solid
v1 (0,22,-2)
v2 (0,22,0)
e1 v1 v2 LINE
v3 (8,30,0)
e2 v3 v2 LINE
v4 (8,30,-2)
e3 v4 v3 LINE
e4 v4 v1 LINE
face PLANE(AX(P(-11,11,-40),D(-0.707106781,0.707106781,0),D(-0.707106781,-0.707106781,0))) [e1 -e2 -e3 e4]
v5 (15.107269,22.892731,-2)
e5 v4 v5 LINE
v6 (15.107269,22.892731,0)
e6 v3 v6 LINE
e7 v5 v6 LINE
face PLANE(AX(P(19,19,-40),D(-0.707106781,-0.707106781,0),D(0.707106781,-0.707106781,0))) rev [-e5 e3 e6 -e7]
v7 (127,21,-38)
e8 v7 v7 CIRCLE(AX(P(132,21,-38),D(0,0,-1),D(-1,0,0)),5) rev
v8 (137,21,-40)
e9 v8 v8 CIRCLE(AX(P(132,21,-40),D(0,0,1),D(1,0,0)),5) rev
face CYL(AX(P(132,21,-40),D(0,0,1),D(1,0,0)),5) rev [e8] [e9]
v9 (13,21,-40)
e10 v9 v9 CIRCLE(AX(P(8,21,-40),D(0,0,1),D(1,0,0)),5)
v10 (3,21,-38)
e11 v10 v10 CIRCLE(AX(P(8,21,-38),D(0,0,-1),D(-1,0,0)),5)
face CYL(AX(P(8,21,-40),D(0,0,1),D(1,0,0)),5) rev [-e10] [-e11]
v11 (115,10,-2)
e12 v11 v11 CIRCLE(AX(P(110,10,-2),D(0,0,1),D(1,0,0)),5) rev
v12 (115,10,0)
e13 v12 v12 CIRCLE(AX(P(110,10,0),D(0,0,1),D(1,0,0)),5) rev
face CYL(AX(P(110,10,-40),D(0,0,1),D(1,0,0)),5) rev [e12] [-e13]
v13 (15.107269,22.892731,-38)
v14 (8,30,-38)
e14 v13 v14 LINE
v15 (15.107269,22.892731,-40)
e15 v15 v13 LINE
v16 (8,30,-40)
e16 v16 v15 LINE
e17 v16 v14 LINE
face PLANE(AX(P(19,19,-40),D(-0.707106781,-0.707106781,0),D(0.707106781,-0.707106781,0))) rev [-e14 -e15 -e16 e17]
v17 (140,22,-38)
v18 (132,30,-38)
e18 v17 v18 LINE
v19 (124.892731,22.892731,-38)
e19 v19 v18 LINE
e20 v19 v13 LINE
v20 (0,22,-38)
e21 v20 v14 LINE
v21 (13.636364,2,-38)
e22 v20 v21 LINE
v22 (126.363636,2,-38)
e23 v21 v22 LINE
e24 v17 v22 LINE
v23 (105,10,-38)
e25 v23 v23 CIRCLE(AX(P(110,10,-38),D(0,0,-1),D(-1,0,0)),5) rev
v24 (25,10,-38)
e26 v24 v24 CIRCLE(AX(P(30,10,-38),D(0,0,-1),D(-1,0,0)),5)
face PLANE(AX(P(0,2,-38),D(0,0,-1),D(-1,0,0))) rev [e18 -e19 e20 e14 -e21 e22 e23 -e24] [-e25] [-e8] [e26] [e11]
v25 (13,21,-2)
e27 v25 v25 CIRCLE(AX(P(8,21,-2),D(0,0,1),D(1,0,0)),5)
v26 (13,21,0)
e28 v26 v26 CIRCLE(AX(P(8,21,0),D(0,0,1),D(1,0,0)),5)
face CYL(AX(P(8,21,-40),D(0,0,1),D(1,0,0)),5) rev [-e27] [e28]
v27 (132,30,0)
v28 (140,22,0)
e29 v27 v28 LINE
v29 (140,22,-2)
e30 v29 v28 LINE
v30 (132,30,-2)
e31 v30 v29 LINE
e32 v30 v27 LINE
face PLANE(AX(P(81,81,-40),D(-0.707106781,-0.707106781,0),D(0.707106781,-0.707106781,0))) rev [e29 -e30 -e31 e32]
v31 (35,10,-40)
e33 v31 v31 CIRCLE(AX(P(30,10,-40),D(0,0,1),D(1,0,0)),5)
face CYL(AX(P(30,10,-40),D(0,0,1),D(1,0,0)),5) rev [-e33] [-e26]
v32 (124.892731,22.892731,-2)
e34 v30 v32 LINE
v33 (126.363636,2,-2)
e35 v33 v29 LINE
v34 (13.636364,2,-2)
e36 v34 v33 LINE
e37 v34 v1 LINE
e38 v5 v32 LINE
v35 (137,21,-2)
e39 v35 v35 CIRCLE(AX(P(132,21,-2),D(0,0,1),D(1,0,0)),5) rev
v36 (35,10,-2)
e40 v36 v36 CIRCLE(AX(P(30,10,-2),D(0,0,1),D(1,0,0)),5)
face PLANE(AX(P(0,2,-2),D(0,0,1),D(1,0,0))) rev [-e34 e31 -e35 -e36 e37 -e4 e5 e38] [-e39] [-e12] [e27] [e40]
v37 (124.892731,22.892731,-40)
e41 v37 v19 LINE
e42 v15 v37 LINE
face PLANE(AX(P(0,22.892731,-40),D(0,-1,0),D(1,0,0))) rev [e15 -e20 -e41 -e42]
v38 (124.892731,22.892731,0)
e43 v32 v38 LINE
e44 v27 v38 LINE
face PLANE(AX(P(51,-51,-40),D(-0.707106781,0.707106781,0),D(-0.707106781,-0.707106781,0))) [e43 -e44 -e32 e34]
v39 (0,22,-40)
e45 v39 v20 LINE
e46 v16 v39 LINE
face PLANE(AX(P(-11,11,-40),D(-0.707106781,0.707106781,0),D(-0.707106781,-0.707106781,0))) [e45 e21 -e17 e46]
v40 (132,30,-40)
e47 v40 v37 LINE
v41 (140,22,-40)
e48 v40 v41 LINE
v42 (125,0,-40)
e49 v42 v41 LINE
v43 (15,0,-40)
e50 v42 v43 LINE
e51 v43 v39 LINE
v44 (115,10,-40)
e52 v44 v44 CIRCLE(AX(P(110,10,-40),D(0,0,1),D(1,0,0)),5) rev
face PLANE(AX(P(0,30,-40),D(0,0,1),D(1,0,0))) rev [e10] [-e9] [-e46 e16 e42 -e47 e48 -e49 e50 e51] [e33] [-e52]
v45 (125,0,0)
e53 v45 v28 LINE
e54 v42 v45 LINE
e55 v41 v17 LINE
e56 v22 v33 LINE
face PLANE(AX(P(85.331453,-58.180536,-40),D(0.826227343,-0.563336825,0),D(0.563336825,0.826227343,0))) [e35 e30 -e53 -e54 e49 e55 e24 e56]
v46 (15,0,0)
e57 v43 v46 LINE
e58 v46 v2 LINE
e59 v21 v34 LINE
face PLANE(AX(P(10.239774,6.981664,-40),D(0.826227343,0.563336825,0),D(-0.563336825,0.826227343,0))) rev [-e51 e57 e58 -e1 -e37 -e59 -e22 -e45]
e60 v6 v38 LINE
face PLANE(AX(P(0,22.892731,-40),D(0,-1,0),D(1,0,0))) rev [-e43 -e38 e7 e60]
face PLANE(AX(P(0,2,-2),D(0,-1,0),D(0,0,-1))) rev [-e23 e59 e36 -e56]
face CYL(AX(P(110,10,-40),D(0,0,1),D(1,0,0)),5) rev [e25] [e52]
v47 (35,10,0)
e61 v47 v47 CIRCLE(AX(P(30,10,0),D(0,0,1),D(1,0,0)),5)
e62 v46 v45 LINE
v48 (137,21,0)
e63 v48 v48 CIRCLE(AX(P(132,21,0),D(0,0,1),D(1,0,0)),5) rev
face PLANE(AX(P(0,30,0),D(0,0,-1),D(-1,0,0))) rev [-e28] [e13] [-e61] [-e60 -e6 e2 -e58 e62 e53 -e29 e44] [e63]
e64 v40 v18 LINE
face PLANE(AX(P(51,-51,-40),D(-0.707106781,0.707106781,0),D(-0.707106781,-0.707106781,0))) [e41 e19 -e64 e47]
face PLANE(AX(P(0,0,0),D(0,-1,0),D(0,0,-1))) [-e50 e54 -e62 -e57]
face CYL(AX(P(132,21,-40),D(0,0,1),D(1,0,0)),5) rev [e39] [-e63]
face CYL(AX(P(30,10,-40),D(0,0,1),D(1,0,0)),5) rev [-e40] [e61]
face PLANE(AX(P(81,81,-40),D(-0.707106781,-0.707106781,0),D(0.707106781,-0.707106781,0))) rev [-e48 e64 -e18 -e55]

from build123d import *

# Parameters (mm, degrees)
SKETCH1_W           = 140
SKETCH1_H           = 40
BOSS_EXTRUDE1_DEPTH = 30
SKETCH2_W           = 36
SKETCH2_H           = 28
CUT_EXTRUDE1_DEPTH  = 149.660687473
CUT_EXTRUDE2_DEPTH  = 149.660687473
CUT_EXTRUDE3_DEPTH  = 149.660687473
SKETCH6_R           = 5
CUT_EXTRUDE6_DEPTH  = 149.660687473


with BuildPart() as part:
    # Sketch1 → Boss-Extrude1 (new body)
    with BuildSketch(Plane(origin=(0, 0, 0), x_dir=(1, 0, 0), z_dir=(0, 1, 0))):
        with Locations((70, 20)):
            Rectangle(SKETCH1_W, SKETCH1_H)
    extrude(amount=BOSS_EXTRUDE1_DEPTH)

    # Sketch2 → Cut-Extrude1 (cut, through all)
    with BuildSketch(Plane(origin=(140, 0, 0), x_dir=(0, 0, -1), z_dir=(1, 0, 0))):
        with Locations((20, 16)):
            Rectangle(SKETCH2_W, SKETCH2_H)
    extrude(amount=-CUT_EXTRUDE1_DEPTH, mode=Mode.SUBTRACT)

    # Sketch3 → Cut-Extrude2 (cut, through all)
    with BuildSketch(Plane.XY):
        Polygon((0, 0), (15, 0), (0, 22), align=None)
        Polygon((140, 22), (125, 0), (140, 0), align=None)
    extrude(amount=-CUT_EXTRUDE2_DEPTH, mode=Mode.SUBTRACT)

    # Sketch5 → Cut-Extrude3 (cut, through all)
    with BuildSketch(Plane.XY):
        Polygon((0, 30), (0, 22), (8, 30), align=None)
        Polygon((140, 30), (132, 30), (140, 22), align=None)
    extrude(amount=-CUT_EXTRUDE3_DEPTH, mode=Mode.SUBTRACT)

    # Sketch6 → Cut-Extrude6 (cut, through all)
    with BuildSketch(Plane.XY):
        Polygon((70, 30), (8, 30), (15.107268728, 22.892731272), (70, 22.892731272), align=None)
        Polygon((132, 30), (70, 30), (70, 22.892731272), (124.892731272, 22.892731272), align=None)
        with Locations((132, 21)):
            Circle(SKETCH6_R)
        with Locations((110, 10)):
            Circle(SKETCH6_R)
        with Locations((30, 10)):
            Circle(SKETCH6_R)
        with Locations((8, 21)):
            Circle(SKETCH6_R)
    extrude(amount=-CUT_EXTRUDE6_DEPTH, mode=Mode.SUBTRACT)


solid = part.part
